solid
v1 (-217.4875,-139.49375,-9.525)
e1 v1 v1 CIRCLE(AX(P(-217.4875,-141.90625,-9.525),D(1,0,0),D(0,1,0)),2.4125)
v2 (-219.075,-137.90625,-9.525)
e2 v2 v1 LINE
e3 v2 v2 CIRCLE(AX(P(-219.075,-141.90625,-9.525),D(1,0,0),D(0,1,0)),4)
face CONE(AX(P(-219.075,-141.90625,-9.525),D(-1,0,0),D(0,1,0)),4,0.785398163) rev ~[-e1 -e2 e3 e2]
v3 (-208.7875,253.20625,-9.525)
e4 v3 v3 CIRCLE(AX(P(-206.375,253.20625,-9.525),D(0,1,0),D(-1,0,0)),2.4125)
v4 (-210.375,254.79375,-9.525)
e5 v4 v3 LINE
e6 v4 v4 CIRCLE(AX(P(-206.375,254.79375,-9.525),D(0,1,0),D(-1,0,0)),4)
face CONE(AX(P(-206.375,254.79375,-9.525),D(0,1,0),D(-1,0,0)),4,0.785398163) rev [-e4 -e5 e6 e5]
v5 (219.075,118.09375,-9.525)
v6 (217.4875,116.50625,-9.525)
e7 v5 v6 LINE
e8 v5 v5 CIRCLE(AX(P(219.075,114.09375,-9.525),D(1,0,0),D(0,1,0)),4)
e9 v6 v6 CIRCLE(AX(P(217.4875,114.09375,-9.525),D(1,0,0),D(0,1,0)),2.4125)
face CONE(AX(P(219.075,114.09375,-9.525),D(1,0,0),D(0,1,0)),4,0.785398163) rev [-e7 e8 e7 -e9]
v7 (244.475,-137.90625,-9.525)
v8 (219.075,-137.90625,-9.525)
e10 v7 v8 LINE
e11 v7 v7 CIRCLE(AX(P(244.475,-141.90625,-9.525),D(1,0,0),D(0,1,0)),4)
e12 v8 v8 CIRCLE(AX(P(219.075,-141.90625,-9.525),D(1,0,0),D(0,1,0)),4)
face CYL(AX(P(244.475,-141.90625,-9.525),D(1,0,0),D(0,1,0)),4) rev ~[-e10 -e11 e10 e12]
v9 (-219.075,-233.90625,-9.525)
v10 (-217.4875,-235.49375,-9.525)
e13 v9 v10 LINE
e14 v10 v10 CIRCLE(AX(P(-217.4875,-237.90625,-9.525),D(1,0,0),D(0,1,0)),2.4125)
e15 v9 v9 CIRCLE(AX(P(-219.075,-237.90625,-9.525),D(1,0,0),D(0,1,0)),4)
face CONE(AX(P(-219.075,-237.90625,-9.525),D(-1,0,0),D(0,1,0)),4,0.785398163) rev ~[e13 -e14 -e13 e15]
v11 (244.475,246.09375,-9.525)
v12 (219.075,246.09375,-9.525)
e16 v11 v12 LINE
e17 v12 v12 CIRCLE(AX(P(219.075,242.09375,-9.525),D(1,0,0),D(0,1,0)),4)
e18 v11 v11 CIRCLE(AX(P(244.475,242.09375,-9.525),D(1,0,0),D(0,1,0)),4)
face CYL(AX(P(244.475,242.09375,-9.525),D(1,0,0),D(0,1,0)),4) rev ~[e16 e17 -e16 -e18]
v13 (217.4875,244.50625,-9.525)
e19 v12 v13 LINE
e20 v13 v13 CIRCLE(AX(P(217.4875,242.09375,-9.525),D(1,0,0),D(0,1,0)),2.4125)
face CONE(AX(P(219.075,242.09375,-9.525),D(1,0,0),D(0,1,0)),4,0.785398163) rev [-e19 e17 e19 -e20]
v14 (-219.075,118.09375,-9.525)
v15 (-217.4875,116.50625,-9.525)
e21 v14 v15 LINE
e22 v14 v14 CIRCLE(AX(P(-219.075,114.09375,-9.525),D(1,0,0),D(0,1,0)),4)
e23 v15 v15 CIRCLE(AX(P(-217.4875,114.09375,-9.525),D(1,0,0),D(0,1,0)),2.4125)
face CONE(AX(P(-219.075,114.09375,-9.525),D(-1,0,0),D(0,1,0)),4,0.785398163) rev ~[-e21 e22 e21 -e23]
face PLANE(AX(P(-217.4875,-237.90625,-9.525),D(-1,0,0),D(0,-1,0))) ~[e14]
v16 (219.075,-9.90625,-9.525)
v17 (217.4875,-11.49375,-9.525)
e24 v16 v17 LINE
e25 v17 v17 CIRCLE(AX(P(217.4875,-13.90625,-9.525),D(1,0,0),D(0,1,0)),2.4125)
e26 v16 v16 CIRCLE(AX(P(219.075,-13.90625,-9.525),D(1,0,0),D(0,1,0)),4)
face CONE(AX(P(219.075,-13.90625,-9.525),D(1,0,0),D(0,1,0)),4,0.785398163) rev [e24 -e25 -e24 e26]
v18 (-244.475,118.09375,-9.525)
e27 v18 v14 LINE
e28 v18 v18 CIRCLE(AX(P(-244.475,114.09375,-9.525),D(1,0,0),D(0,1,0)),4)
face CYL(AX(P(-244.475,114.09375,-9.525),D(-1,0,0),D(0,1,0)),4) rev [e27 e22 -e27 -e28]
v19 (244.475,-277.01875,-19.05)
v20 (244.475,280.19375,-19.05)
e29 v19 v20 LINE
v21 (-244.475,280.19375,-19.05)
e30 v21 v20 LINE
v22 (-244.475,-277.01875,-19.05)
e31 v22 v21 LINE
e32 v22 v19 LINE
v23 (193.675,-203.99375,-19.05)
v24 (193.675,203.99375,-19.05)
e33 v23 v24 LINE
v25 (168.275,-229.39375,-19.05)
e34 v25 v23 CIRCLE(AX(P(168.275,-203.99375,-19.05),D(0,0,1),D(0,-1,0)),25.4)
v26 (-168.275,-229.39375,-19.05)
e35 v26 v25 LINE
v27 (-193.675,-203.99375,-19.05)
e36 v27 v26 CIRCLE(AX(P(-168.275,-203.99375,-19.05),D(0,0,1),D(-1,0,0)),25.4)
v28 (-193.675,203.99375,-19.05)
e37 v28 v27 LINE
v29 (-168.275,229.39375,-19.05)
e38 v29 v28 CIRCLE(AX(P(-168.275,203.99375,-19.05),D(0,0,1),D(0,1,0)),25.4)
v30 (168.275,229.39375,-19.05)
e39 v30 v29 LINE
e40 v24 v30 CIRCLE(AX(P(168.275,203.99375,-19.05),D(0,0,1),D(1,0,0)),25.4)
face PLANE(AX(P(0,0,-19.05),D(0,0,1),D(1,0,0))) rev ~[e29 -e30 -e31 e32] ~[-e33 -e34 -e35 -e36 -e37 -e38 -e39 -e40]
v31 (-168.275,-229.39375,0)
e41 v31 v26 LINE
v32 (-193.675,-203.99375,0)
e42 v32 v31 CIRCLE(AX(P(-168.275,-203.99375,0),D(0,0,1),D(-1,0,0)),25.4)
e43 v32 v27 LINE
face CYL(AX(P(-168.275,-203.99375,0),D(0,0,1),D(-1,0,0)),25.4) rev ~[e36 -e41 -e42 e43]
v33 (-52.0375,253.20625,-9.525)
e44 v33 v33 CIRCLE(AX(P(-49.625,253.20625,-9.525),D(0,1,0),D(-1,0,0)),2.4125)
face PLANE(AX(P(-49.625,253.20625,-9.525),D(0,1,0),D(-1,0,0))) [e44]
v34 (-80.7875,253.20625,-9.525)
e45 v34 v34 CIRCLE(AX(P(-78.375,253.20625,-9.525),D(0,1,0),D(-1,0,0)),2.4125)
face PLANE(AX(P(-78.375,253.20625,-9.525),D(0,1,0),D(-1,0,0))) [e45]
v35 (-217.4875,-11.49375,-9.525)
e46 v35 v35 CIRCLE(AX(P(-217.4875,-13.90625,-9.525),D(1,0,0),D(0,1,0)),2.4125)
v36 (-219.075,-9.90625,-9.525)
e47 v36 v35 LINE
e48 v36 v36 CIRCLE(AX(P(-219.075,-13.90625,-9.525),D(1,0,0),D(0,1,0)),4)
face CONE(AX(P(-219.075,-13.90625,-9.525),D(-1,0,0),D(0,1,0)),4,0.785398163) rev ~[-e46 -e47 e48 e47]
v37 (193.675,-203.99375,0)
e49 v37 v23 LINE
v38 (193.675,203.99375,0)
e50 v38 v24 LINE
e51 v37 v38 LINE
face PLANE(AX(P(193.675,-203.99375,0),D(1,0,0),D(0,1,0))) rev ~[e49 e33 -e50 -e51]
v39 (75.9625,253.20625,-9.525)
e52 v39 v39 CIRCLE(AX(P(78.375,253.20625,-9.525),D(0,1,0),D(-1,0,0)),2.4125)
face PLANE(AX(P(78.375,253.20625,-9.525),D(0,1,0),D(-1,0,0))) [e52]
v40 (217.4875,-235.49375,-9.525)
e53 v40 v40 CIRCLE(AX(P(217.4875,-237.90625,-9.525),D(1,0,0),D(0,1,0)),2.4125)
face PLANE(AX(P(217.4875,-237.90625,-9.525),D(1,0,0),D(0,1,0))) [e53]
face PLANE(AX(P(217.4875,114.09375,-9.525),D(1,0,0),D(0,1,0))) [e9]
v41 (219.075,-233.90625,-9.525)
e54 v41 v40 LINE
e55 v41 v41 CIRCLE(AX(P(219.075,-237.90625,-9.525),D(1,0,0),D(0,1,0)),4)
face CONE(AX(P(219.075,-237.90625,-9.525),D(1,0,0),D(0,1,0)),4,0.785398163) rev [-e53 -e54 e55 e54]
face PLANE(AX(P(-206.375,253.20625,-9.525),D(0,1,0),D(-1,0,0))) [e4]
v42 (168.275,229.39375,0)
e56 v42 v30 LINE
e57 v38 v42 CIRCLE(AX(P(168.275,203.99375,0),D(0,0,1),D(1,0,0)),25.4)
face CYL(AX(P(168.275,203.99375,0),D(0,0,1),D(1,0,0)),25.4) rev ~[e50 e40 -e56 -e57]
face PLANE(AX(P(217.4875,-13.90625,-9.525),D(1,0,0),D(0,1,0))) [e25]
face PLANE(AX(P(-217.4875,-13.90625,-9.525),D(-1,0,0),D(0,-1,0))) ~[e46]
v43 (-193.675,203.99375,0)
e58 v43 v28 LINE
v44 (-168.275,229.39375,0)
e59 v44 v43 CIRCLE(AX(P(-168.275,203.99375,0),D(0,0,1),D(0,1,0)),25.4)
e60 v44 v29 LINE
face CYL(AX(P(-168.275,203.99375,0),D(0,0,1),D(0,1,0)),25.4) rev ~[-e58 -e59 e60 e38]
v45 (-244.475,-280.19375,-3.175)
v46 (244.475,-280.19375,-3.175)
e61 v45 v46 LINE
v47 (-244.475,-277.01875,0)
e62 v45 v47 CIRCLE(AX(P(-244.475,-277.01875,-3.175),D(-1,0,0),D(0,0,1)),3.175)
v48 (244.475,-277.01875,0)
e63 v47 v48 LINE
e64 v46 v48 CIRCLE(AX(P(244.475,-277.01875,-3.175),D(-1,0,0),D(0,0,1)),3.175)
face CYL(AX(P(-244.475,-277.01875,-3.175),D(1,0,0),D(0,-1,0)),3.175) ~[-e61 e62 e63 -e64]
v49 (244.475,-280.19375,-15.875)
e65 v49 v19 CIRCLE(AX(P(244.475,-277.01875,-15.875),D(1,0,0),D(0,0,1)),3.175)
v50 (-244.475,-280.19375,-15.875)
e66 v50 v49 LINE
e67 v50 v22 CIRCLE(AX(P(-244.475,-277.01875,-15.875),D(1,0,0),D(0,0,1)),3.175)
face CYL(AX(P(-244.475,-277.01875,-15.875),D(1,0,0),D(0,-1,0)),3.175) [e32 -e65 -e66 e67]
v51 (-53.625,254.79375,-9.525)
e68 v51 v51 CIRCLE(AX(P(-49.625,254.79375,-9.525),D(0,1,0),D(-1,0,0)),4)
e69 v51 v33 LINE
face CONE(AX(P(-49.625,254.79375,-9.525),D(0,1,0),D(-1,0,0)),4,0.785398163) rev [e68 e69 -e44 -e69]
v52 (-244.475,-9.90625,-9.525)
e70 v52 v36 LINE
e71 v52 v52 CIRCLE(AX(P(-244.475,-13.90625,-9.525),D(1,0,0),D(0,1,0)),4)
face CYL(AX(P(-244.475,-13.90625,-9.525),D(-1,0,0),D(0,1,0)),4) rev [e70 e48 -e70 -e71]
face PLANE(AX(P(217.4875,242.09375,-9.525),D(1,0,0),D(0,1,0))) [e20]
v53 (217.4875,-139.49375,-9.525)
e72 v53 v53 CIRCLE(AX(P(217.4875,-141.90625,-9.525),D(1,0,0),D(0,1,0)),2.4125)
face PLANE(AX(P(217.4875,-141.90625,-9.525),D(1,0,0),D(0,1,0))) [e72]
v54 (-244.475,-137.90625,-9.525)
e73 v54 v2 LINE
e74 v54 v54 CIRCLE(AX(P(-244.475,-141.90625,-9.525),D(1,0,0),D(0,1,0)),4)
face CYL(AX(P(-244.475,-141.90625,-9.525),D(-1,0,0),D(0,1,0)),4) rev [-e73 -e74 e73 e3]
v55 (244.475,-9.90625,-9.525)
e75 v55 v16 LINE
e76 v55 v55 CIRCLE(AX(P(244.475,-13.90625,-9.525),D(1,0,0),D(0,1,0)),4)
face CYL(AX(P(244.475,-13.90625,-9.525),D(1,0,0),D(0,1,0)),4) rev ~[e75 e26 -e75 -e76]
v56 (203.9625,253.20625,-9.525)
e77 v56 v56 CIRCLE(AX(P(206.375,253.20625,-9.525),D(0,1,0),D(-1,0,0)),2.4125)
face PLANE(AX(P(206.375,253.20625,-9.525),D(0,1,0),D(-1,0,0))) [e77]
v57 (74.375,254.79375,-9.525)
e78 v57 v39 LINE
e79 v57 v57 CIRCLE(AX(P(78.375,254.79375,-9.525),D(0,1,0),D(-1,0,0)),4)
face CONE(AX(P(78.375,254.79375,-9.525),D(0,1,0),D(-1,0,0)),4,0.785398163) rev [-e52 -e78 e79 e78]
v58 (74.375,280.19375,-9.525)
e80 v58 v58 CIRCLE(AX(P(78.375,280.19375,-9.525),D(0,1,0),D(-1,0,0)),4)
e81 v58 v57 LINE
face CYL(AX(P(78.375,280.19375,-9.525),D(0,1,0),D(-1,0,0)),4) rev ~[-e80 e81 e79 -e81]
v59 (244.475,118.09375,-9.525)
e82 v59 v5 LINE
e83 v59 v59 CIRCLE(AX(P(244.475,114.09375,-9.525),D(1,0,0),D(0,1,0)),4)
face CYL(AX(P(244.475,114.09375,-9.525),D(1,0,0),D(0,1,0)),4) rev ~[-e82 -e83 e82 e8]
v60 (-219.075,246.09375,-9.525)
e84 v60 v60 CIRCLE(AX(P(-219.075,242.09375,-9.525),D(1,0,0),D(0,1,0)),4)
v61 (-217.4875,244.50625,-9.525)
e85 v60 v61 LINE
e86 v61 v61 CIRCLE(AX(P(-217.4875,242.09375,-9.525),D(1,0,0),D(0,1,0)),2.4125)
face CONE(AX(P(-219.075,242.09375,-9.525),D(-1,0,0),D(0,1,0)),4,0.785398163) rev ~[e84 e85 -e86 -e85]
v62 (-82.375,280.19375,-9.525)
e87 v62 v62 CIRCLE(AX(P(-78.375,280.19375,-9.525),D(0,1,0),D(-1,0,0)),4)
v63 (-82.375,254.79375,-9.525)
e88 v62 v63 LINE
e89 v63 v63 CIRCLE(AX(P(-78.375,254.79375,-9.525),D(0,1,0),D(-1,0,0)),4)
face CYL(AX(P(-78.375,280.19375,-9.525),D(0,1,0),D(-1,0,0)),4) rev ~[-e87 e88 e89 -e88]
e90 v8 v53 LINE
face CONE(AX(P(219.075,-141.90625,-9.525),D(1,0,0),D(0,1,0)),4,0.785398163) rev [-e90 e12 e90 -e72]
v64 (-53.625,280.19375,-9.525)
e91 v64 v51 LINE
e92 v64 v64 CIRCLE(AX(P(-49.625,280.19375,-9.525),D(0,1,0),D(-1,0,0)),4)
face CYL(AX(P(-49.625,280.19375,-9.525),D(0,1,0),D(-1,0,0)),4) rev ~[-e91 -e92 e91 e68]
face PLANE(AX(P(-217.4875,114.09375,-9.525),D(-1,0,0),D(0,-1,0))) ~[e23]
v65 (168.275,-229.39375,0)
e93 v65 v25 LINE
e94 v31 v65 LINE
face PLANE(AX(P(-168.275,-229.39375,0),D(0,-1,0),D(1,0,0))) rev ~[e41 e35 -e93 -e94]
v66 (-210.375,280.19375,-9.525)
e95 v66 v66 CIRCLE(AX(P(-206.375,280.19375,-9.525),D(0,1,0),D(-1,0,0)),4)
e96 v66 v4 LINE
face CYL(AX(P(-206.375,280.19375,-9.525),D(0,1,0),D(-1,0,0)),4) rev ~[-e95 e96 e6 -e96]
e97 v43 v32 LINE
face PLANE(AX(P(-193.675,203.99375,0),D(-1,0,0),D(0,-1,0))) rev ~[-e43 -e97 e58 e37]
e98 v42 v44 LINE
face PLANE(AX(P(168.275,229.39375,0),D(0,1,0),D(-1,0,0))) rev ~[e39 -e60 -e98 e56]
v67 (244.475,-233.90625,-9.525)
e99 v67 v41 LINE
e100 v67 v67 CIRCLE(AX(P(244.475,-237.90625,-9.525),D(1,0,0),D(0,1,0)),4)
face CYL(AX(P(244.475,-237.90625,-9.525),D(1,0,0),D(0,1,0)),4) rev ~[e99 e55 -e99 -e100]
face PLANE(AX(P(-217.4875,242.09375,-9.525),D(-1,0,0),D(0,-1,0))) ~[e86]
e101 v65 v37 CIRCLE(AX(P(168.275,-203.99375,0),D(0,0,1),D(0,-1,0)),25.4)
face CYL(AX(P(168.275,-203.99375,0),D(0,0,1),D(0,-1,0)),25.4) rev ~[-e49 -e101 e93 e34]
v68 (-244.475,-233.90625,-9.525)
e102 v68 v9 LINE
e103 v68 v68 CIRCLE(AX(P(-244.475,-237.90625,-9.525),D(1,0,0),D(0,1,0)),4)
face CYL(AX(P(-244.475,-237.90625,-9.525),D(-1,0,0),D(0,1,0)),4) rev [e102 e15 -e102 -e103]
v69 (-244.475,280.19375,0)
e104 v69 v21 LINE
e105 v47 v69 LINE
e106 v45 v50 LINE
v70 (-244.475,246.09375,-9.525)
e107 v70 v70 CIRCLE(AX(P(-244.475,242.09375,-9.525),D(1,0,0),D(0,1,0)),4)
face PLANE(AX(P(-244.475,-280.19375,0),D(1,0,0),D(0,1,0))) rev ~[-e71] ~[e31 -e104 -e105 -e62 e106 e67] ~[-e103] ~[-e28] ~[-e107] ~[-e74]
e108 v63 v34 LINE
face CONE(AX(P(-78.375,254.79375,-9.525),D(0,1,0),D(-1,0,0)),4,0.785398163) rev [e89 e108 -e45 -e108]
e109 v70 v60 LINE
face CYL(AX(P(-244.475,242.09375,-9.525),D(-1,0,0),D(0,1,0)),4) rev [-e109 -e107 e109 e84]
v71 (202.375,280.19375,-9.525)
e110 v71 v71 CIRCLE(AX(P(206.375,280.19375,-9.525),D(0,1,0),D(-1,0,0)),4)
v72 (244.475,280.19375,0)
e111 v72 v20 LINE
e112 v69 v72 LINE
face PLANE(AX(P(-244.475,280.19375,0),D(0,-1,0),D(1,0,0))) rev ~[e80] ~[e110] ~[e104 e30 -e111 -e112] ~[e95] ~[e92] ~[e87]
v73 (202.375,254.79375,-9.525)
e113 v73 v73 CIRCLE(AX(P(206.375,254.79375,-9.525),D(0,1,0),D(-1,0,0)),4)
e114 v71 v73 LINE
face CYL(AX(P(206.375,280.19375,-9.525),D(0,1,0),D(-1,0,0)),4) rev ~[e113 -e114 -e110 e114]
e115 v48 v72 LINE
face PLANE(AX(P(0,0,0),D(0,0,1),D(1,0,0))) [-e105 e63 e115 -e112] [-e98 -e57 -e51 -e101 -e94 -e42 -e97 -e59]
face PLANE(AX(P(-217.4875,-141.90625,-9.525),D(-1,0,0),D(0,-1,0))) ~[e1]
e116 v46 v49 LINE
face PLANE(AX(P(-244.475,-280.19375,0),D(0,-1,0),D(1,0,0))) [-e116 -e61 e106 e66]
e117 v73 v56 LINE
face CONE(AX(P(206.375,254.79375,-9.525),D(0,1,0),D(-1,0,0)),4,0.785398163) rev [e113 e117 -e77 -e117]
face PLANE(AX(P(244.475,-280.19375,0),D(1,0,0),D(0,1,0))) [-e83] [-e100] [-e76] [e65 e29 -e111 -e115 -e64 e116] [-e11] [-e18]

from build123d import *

# Parameters (mm, degrees)
F0_W      = 488.95
F0_H      = 560.3875
F1_DEPTH  = 19.05
F3_R      = 4
F4_DEPTH  = 26.9875
F5_SIZE   = 1.5875
F13_ANGLE = 90
F23_DEPTH = 19.051
F24_R     = 3.175


with BuildPart() as f1:
    # F0 (on Top) → F1 (new body)
    with BuildSketch(Plane.XY):
        Rectangle(F0_W, F0_H)
    extrude(amount=-F1_DEPTH)


with BuildPart() as f4:
    # F3 (on Right) → F4 (new body)
    with BuildSketch(Plane.YZ):
        with Locations((-271.8283832073, -132.3440223932)):
            Circle(F3_R)
    extrude(amount=-F4_DEPTH)

    # F5
    f5_edges = [f4.edges().sort_by_distance(p)[0] for p in [
        (-26.9875, -275.828383, -132.344022),
    ]]
    chamfer(f5_edges, length=F5_SIZE)


with BuildPart() as f6_1:
    # F6: copy of F4
    add(f4.part.moved(Location((244.475, 33.9221332073, 122.8190223932))))


with BuildPart() as f7_1:
    # F7: copy of F4
    add(f4.part.moved(Location((244.475, 129.9221332073, 122.8190223932))))


with BuildPart() as f8_1:
    # F8: copy of F4
    add(f4.part.moved(Location((244.475, 257.9221332073, 122.8190223932))))


with BuildPart() as f9_1:
    # F9: copy of F4
    add(f4.part.moved(Location((244.475, 385.9221332073, 122.8190223932))))


with BuildPart() as f10_1:
    # F10: copy of F4
    add(f4.part.moved(Location((244.475, 513.9221332073, 122.8190223932))))


with BuildPart() as f11_1:
    # F11: instance of F6_1
    add(f6_1.part.mirror(Plane.YZ))


with BuildPart() as f11_2:
    # F11: instance of F7_1
    add(f7_1.part.mirror(Plane.YZ))


with BuildPart() as f11_3:
    # F11: instance of F8_1
    add(f8_1.part.mirror(Plane.YZ))


with BuildPart() as f11_4:
    # F11: instance of F9_1
    add(f9_1.part.mirror(Plane.YZ))


with BuildPart() as f11_5:
    # F11: instance of F10_1
    add(f10_1.part.mirror(Plane.YZ))


with BuildPart() as f1_1:
    add(f1.part)

    # F12: cut F11_1, F11_2, F11_3, F11_4, F11_5, F10_1, F9_1, F8_1, F7_1, F6_1
    add(f11_1.part, mode=Mode.SUBTRACT)
    add(f11_2.part, mode=Mode.SUBTRACT)
    add(f11_3.part, mode=Mode.SUBTRACT)
    add(f11_4.part, mode=Mode.SUBTRACT)
    add(f11_5.part, mode=Mode.SUBTRACT)
    add(f10_1.part, mode=Mode.SUBTRACT)
    add(f9_1.part, mode=Mode.SUBTRACT)
    add(f8_1.part, mode=Mode.SUBTRACT)
    add(f7_1.part, mode=Mode.SUBTRACT)
    add(f6_1.part, mode=Mode.SUBTRACT)


with BuildPart() as f4_1:
    # F13: moved
    add(f4.part.rotate(Axis((244.475, -280.19375, -9.525), (0, 0, 1)), F13_ANGLE))


with BuildPart() as f16_1:
    # F16: copy of F4
    add(f4_1.part.moved(Location((-442.4846332073, 804.8625, 122.8190223932))))


with BuildPart() as f17_1:
    # F17: copy of F4
    add(f4_1.part.moved(Location((-314.4846332073, 804.8625, 122.8190223932))))


with BuildPart() as f18_1:
    # F18: copy of F4
    add(f4_1.part.moved(Location((-285.7346332073, 804.8625, 122.8190223932))))


with BuildPart() as f19_1:
    # F19: copy of F4
    add(f4_1.part.moved(Location((-157.7346332073, 804.8625, 122.8190223932))))


with BuildPart() as f4_2:
    # F20: moved
    add(f4_1.part.moved(Location((-29.7346332073, 804.8625, 122.8190223932))))


with BuildPart() as f1_2:
    add(f1_1.part)

    # F21: cut F16_1, F17_1, F18_1, F19_1, F4
    add(f16_1.part, mode=Mode.SUBTRACT)
    add(f17_1.part, mode=Mode.SUBTRACT)
    add(f18_1.part, mode=Mode.SUBTRACT)
    add(f19_1.part, mode=Mode.SUBTRACT)
    add(f4_2.part, mode=Mode.SUBTRACT)

    # F22 (on face) → F23 (cut, through all)
    with BuildSketch(Plane.XY):
        with BuildLine():
            Line((-193.675, 203.99375), (-193.675, -203.99375))
            ThreePointArc((-193.675, -203.99375), (-186.2355122421, -221.9542622421), (-168.275, -229.39375))
            Line((-168.275, -229.39375), (168.275, -229.39375))
            ThreePointArc((168.275, -229.39375), (186.2355122421, -221.9542622421), (193.675, -203.99375))
            Line((193.675, -203.99375), (193.675, 203.99375))
            ThreePointArc((193.675, 203.99375), (186.2355122421, 221.9542622421), (168.275, 229.39375))
            Line((168.275, 229.39375), (-168.275, 229.39375))
            ThreePointArc((-168.275, 229.39375), (-186.2355122421, 221.9542622421), (-193.675, 203.99375))
        make_face()
    extrude(amount=-F23_DEPTH, mode=Mode.SUBTRACT)

    # F24
    f24_edges = [f1_2.edges().sort_by_distance(p)[0] for p in [
        (0, -280.19375, 0),
        (0, -280.19375, -19.05),
    ]]
    fillet(f24_edges, radius=F24_R)


solid = f1_2.part
